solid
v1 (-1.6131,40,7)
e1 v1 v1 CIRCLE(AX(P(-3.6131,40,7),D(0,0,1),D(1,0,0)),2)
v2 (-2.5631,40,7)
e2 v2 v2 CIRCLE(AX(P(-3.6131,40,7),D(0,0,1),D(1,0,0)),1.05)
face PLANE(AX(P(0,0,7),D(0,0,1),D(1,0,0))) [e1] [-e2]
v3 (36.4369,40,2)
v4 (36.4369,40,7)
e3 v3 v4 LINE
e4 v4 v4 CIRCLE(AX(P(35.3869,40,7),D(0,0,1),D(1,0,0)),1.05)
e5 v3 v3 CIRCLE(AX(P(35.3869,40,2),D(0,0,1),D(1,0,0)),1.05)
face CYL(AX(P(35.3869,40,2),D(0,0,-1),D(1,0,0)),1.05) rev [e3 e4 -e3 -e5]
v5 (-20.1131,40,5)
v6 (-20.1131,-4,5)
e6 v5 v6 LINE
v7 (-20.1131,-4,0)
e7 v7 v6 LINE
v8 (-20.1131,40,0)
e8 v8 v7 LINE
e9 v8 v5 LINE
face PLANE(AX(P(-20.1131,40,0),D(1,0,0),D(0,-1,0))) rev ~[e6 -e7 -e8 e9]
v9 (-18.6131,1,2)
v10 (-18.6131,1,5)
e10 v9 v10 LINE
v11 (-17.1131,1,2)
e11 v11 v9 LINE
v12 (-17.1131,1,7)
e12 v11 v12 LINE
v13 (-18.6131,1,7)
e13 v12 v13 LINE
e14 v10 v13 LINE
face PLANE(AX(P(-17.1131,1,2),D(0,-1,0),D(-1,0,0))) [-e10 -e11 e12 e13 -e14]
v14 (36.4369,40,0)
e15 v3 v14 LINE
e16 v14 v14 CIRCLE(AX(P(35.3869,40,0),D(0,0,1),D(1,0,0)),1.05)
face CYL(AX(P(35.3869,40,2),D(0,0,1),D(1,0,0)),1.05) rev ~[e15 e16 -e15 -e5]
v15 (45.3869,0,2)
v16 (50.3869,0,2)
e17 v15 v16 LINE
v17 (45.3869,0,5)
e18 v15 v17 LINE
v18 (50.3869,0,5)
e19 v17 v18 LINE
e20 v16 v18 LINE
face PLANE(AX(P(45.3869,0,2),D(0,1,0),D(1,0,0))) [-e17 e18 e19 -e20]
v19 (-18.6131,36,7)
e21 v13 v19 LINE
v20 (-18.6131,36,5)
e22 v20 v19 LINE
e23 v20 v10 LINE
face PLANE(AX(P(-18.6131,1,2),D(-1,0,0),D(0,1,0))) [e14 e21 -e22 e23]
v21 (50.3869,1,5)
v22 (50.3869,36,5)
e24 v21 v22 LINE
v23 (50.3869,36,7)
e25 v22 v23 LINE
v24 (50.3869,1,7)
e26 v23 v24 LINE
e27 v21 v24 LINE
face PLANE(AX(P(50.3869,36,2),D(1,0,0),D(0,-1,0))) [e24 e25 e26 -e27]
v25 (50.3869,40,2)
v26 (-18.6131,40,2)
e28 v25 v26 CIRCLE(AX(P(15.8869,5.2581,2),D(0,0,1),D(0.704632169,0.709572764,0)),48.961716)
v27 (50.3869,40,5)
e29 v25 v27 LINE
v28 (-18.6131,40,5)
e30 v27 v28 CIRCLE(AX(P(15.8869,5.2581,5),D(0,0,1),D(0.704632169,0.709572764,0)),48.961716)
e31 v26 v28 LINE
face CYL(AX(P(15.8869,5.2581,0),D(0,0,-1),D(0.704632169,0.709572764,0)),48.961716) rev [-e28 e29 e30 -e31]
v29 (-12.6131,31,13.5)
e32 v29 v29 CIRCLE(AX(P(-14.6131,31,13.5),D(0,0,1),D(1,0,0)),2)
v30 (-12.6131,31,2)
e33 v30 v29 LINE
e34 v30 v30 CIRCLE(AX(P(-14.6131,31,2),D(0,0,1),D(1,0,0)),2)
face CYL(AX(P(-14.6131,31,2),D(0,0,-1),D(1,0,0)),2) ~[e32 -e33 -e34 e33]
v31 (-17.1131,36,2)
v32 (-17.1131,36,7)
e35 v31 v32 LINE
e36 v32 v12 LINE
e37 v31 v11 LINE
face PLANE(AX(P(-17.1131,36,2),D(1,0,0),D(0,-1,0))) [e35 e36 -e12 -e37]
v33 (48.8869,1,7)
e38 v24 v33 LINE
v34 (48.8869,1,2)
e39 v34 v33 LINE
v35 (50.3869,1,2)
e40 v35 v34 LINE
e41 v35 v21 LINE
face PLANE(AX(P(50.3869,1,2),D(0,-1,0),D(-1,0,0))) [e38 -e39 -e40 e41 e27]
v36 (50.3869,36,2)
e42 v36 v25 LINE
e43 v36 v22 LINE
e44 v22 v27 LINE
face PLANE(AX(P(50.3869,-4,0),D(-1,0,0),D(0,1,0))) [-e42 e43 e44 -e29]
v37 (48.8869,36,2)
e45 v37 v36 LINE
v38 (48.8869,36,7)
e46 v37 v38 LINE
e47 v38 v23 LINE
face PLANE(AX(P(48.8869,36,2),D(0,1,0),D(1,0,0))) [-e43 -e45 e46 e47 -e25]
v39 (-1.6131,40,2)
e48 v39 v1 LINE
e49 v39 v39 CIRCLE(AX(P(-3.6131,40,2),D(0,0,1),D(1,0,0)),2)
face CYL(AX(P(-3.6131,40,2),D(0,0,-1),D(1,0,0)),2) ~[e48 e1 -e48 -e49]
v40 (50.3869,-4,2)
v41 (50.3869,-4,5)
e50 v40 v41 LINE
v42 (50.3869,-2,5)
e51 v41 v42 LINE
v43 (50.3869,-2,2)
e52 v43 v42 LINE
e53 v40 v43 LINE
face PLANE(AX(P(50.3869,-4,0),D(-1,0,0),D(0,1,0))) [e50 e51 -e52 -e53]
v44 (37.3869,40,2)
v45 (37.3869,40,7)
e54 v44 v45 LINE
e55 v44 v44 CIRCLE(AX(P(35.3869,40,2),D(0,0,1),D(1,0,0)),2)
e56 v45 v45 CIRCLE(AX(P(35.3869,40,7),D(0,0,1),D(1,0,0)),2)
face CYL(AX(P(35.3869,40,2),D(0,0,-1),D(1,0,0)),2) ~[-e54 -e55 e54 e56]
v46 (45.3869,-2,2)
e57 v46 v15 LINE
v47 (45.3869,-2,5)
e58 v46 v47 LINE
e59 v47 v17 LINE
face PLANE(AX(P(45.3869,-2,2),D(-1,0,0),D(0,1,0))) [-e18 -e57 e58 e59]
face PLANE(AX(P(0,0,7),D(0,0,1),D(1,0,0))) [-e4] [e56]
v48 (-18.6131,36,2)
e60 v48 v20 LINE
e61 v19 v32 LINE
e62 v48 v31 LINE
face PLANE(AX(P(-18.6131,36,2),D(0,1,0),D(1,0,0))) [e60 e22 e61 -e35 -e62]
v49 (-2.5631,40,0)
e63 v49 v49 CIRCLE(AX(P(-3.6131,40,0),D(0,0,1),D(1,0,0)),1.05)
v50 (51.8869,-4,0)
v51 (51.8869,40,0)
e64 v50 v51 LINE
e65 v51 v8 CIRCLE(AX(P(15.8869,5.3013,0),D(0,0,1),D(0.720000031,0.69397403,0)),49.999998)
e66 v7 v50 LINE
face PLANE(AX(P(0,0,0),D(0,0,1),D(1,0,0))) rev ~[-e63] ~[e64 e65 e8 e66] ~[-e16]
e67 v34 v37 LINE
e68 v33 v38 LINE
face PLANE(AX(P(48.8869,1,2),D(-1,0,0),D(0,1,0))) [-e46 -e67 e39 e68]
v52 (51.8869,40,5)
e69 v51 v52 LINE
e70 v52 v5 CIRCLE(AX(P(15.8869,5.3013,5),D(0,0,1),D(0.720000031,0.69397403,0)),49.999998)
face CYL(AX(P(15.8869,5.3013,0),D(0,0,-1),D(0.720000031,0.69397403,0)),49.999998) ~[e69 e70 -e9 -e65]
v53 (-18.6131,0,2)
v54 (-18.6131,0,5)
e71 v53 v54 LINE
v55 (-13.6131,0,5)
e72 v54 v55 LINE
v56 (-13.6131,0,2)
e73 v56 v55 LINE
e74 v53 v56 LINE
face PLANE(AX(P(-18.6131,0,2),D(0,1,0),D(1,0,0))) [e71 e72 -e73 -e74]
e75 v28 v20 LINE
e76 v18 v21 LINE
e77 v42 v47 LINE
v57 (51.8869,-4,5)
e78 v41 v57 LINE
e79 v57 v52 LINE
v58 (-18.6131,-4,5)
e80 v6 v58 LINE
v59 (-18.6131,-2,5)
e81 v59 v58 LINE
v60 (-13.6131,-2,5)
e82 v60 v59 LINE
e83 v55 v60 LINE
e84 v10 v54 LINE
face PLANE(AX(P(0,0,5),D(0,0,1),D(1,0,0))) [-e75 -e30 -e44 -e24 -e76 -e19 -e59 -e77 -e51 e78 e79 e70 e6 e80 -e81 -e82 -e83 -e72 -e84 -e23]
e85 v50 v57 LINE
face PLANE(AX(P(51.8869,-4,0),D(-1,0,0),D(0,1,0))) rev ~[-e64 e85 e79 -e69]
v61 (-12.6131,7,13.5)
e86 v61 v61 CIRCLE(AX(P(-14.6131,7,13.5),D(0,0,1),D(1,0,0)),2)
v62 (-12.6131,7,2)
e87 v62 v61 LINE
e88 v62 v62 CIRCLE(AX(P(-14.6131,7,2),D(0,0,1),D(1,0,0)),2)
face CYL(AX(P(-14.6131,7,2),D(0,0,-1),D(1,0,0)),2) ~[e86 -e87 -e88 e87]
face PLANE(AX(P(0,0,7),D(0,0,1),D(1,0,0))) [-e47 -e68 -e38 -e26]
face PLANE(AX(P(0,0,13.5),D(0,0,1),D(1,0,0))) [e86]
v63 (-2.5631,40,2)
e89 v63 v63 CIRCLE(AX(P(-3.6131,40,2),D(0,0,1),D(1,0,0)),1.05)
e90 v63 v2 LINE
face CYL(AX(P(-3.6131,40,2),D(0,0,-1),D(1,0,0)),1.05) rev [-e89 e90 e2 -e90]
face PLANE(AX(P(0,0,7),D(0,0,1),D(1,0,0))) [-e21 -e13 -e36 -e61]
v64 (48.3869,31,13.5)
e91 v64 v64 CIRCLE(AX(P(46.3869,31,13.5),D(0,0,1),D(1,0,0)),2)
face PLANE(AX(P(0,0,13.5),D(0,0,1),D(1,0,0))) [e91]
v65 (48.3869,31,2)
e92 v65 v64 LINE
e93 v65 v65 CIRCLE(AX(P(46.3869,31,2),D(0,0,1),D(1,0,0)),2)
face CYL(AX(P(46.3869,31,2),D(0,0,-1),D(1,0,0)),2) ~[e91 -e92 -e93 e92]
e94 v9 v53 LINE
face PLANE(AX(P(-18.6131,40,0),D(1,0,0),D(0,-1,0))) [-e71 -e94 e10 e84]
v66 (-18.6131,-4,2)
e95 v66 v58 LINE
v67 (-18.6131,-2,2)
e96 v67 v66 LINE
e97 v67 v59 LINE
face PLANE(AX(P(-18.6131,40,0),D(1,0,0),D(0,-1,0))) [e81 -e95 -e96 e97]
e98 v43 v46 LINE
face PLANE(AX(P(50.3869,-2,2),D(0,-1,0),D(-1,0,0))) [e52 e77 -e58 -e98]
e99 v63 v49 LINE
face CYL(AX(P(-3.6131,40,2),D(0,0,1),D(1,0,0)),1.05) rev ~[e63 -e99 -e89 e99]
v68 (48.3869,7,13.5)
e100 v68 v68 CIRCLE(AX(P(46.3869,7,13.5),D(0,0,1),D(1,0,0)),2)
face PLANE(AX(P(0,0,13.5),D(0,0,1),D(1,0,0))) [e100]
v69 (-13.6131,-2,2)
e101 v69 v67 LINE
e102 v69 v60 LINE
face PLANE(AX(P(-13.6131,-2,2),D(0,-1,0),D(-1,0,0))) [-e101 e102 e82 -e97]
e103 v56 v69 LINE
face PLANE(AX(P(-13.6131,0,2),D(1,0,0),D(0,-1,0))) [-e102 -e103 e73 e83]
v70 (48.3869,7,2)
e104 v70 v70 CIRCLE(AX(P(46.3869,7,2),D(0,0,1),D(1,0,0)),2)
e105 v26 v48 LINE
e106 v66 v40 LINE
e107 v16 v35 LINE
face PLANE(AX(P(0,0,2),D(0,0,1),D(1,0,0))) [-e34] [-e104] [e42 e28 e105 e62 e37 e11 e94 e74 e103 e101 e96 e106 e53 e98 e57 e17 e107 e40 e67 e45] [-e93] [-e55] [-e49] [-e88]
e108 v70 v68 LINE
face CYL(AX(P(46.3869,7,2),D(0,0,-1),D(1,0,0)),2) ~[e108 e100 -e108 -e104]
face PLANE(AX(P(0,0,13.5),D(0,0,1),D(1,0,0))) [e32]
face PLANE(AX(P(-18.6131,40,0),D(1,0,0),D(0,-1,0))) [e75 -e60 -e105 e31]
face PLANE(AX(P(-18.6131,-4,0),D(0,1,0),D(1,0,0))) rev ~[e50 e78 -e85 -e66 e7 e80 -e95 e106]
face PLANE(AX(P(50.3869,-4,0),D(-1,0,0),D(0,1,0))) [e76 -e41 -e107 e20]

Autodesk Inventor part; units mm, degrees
ref_plane "YZ Plane" through (0, 0, 0) normal (1, 0, 0) x (0, 1, 0)
ref_plane "XZ Plane" through (0, 0, 0) normal (0, 1, 0) x (-1, 0, 0)
ref_plane "XY Plane" through (0, 0, 0) normal (0, 0, 1) x (1, 0, 0)
sketch "Skizze1" plane through (0, 0, 0) normal (0, 0, 1) x (1, 0, 0)
  line L0 (-20.1131, -4) -> (51.8869, -4)
  line L1 (51.8869, -4) -> (51.8869, 40)
  line L2 (51.8869, 40) -> (-20.1131, 40)
  line L3 (-20.1131, 40) -> (-20.1131, -4)
  arc A0 (51.8869, 40) -> (-20.1131, 40) centre (15.8869, 5.3013) ccw
  line L4 (50.3869, -4) -> (50.3869, 40)
  line L5 (-18.6131, 40) -> (-18.6131, -4)
  arc A1 (50.3869, 40) -> (-18.6131, 40) centre (15.8869, 5.2581) ccw
  point P0 (0, 0)
  dimension "d0" = 72
  dimension "d1" = 44
  dimension "d2" = 50
  dimension "d3" = 1.5
  dimension "d4" = 1.5
extrude "Extrusion1" add sketch "Skizze1" along normal blind 2 contours L5 L2 L4 L0 | A1 L2
extrude "Extrusion2" add sketch "Skizze1" along normal blind 5 contours L3 L2 L5 L0 | A0 L2 A1 | L4 L2 L1 L0
sketch "Skizze2" plane through (0, 0, 2) normal (0, 0, 1) x (1, 0, 0)
  line L0 (50.3869, 40) -> (50.3869, -4) projected
  line L1 (50.3869, -4) -> (43.3869, -4)
  line L2 (-18.6131, 0) -> (-13.6131, 0)
  line L3 (-13.6131, 0) -> (-13.6131, -2)
  line L4 (-13.6131, -2) -> (-18.6131, -2)
  line L5 (-18.6131, -2) -> (-18.6131, 0)
  line L6 (45.3869, 0) -> (50.3869, 0)
  line L7 (50.3869, 0) -> (50.3869, -2)
  line L8 (50.3869, -2) -> (45.3869, -2)
  line L9 (45.3869, -2) -> (45.3869, 0)
  line L10 (-18.6131, -4) -> (50.3869, -4) projected
  circle A0 centre (-14.6131, 7) radius 2
  circle A1 centre (46.3869, 7) radius 2
  circle A2 centre (46.3869, 31) radius 2
  circle A3 centre (-14.6131, 31) radius 2
  line L11 (-18.6131, -4) -> (-18.6131, 40) projected
  circle A4 centre (-3.6131, 40) radius 1.05
  circle A5 centre (-3.6131, 40) radius 2
  circle A6 centre (35.3869, 40) radius 1.05
  circle A7 centre (35.3869, 40) radius 2
  line L12 (50.3869, 1) -> (48.8869, 1)
  line L13 (48.8869, 1) -> (48.8869, 36)
  line L14 (48.8869, 36) -> (50.3869, 36)
  line L15 (50.3869, 36) -> (50.3869, 1)
  line L16 (-18.6131, 36) -> (-17.1131, 36)
  line L17 (-17.1131, 36) -> (-17.1131, 1)
  line L18 (-17.1131, 1) -> (-18.6131, 1)
  line L19 (-18.6131, 1) -> (-18.6131, 36)
  point P0 (0, 0)
  point P1 (45.3869, -1)
  point P2 (-13.6131, -1)
  point P3 (-16.1131, -2)
  point P4 (49.6369, 1)
  point P5 (-17.8631, 1)
  dimension "d40" = 5
  dimension "d41" = 2
  dimension "d43" = 5
  dimension "d44" = 2
  dimension "d45" = 2
  dimension "d46" = 59
  dimension "d52" = 2
  dimension "d53" = 4
  dimension "d54" = 4
  dimension "d55" = 4
  dimension "d56" = 4
  dimension "d57" = 4
  dimension "d58" = 4
  dimension "d59" = 4
  dimension "d60" = 4
  dimension "d61" = 35
  dimension "d62" = 11
  dimension "d63" = 11
  dimension "d64" = 35
  dimension "d69" = 2.1
  dimension "d70" = 4
  dimension "d71" = 2.1
  dimension "d72" = 4
  dimension "d73" = 15
  dimension "d74" = 15
  dimension "d75" = 44
  dimension "d76" = 44
  dimension "d81" = 1.5
  dimension "d82" = 35
  dimension "d83" = 5
  dimension "d84" = 1.5
  dimension "d85" = 35
  dimension "d87" = 5
extrude "Extrusion7" add sketch "Skizze2" along normal blind 3 contours L5 L2 L3 L4 | L0 L8 L9 L6
extrude "Extrusion8" add sketch "Skizze2" along normal blind 11.5 contours A0 | A1 | A2 | A3
extrude "Extrusion9" add sketch "Skizze2" along normal blind 5 contours L11 L16 L17 L18 | L0 L12 L13 L14 | A5 | A7
extrude "Extrusion10" cut sketch "Skizze2" against normal up to next contours A4 | A6
properties part number "Spiel_Deckel"
